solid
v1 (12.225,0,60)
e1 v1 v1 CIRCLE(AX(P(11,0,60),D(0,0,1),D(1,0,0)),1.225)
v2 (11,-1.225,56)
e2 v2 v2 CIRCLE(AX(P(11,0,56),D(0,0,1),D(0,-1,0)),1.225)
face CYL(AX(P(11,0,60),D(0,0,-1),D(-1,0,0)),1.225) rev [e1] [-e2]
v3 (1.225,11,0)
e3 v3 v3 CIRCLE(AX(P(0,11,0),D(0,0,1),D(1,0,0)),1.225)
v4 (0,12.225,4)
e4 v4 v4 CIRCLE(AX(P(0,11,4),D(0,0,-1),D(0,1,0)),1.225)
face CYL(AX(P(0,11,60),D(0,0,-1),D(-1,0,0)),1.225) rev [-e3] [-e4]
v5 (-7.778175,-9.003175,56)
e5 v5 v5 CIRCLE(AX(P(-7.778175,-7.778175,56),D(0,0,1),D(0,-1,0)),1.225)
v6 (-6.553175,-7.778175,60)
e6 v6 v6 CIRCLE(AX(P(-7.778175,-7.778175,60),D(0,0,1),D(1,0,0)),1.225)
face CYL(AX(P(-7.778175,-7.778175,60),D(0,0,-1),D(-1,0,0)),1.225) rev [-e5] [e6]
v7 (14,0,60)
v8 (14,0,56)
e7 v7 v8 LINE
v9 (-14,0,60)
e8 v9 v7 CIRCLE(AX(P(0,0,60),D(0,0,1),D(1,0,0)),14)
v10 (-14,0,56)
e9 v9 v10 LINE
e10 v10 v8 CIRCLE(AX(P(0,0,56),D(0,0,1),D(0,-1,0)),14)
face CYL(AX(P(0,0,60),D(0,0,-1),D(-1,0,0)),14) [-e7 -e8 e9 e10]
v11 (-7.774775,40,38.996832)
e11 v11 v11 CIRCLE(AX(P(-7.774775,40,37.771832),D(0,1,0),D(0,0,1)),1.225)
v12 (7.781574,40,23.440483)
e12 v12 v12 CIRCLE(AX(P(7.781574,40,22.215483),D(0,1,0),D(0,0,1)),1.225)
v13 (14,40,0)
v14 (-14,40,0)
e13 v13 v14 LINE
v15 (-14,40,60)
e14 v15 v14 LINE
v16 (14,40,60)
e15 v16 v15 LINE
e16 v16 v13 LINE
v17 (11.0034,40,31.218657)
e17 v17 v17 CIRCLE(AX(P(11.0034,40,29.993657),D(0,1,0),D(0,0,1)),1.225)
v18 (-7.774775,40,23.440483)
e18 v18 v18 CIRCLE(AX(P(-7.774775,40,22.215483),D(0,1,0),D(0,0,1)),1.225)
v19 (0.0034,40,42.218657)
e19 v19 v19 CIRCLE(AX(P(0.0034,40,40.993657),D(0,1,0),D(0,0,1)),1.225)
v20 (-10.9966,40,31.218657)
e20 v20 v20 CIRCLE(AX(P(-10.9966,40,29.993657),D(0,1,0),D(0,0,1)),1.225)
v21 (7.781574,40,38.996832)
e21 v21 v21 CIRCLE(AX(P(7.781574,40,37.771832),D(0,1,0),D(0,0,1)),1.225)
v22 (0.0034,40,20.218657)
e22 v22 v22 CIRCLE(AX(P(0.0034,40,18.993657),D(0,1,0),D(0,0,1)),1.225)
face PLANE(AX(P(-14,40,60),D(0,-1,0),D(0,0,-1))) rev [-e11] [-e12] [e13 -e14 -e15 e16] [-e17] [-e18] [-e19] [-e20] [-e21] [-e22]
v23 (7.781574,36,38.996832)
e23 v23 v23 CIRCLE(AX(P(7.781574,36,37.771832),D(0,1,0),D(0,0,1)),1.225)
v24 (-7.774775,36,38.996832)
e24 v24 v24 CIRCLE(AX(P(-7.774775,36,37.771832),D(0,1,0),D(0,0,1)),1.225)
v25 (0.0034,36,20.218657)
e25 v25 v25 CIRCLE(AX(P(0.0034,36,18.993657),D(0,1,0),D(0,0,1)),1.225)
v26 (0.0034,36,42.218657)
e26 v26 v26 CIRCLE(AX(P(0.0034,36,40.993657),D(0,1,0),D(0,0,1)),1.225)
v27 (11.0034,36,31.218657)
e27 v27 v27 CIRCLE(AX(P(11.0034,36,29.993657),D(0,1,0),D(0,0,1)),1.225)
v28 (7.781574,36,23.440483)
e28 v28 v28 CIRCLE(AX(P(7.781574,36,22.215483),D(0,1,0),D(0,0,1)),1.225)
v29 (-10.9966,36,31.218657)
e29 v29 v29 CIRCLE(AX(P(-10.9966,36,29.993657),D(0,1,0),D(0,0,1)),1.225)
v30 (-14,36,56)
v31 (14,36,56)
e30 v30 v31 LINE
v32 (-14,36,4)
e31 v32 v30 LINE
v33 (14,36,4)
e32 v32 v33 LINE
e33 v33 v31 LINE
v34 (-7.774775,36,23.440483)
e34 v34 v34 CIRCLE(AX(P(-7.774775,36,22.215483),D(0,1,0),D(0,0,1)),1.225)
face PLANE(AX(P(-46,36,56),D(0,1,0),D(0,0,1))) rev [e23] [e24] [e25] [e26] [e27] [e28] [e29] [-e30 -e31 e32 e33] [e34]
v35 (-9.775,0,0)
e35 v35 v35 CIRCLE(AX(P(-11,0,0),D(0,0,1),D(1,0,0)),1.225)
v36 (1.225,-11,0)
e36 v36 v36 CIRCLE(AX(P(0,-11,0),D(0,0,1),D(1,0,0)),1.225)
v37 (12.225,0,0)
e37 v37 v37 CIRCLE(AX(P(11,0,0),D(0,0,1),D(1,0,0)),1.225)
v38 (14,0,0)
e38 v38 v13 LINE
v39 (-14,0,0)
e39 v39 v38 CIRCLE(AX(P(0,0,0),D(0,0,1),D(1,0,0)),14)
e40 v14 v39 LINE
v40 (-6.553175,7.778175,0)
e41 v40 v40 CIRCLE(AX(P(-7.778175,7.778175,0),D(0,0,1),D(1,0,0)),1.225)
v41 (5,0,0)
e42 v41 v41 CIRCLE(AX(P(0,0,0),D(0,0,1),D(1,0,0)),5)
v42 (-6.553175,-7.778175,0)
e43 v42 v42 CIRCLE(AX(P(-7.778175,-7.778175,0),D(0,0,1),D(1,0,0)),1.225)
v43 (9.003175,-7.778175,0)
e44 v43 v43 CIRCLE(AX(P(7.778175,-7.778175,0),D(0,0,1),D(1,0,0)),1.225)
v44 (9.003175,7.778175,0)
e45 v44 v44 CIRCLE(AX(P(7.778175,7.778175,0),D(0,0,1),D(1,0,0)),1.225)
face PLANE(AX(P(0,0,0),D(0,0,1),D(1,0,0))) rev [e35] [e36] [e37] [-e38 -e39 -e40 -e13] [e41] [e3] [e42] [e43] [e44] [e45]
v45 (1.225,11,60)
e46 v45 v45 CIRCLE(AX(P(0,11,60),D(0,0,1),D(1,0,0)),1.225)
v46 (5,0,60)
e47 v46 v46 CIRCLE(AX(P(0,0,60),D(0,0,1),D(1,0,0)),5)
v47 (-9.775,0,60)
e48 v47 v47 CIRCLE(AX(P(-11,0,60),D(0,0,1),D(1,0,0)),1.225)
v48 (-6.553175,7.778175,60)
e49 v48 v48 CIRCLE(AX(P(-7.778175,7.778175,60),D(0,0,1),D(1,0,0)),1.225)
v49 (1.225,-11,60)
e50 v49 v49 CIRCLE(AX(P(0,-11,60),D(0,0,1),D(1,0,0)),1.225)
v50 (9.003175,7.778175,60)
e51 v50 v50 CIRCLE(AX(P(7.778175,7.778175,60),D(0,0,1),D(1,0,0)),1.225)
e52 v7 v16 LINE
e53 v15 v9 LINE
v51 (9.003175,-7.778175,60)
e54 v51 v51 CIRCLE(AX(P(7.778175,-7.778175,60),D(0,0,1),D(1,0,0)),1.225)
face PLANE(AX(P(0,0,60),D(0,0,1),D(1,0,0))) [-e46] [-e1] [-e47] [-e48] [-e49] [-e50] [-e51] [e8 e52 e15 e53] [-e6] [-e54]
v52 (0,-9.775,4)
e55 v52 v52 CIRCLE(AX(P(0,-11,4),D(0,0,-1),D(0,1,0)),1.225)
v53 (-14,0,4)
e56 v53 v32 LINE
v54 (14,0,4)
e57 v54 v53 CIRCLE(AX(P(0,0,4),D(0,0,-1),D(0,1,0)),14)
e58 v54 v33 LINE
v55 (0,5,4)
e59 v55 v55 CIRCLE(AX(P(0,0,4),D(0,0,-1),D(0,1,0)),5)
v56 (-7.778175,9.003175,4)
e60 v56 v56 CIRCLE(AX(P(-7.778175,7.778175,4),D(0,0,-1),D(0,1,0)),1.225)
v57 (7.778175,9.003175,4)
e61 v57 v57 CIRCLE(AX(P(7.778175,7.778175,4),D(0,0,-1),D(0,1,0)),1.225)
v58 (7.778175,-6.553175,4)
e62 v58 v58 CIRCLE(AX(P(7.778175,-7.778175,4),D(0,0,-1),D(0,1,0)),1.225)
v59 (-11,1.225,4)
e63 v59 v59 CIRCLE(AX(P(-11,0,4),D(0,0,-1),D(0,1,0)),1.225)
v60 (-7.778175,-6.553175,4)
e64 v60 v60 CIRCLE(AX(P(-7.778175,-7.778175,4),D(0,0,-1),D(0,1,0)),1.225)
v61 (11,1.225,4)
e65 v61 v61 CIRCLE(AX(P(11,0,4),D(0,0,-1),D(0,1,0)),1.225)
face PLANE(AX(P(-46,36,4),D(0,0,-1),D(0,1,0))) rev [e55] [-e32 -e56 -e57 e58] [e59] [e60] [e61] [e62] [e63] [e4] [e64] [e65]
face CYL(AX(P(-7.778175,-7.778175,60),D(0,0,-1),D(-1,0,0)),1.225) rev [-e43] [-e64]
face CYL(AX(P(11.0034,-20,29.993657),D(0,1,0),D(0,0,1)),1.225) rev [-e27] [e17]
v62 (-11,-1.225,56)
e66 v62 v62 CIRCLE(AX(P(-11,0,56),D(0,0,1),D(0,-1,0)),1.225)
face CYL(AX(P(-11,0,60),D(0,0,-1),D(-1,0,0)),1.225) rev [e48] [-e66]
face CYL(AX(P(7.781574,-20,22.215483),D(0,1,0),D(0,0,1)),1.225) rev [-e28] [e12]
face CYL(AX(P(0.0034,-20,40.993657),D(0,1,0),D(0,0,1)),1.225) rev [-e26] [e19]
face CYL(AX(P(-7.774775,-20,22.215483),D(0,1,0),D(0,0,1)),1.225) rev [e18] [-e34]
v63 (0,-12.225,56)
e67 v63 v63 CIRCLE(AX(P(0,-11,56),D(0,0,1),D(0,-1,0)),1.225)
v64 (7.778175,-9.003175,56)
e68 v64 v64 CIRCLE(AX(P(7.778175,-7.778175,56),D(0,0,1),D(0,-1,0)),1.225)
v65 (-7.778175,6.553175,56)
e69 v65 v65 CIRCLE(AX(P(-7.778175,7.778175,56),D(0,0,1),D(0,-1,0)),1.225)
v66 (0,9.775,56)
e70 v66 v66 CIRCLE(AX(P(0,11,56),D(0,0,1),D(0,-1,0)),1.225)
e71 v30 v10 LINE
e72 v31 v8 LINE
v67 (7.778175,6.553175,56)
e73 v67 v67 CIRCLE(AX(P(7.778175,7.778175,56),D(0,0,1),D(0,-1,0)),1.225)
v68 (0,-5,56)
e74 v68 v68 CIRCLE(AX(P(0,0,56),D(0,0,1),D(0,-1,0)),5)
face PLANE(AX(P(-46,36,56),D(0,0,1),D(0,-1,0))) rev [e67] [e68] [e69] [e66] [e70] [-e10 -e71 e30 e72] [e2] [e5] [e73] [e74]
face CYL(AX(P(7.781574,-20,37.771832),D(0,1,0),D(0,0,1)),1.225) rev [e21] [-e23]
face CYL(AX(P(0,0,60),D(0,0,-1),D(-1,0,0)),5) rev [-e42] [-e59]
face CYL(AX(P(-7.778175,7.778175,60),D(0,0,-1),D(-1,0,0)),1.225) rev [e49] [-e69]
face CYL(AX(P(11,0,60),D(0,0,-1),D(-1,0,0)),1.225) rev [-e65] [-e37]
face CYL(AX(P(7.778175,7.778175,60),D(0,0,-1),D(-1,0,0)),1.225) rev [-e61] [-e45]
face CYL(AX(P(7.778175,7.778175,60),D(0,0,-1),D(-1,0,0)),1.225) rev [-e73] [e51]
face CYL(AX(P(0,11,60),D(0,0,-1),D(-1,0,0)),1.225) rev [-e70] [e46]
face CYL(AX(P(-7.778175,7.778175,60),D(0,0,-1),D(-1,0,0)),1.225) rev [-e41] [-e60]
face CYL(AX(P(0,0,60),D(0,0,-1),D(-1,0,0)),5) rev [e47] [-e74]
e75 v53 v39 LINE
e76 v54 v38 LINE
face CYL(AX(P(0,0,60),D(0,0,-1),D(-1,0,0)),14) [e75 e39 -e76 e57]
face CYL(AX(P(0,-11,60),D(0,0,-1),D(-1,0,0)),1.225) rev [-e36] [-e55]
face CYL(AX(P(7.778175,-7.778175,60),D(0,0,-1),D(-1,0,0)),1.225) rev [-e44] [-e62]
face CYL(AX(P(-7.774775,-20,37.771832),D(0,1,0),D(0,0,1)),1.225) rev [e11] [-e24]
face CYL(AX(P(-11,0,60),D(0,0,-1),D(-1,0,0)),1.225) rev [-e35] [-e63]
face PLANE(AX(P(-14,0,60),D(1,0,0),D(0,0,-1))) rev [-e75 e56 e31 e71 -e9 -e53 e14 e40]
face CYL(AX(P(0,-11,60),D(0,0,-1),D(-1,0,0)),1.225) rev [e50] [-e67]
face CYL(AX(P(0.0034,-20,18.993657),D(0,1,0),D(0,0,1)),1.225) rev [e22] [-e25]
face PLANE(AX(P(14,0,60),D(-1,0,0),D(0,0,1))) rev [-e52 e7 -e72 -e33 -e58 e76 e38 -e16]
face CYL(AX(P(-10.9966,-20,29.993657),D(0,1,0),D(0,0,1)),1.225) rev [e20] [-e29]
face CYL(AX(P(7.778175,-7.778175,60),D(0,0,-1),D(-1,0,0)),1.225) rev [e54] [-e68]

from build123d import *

# Parameters (mm, degrees)
SKETCH_2_R          = 5
SKETCH_2_R_2        = 1.225
EXTRUDE_1_DEPTH     = 60
SKETCH_9_W          = 52
SKETCH_9_H          = 50
CUT_EXTRUDE_1_DEPTH = 60
SKETCH_10_R         = 1.225
CUT_EXTRUDE_2_DEPTH = 60


with BuildPart() as part:
    # 스케치2 → 보스-돌출1 (new body)
    with BuildSketch(Plane.XY):
        with BuildLine():
            Line((-14, 0), (-14, 40))
            Line((-14, 40), (14, 40))
            Line((14, 40), (14, 0))
            ThreePointArc((14, 0), (0, -14), (-14, 0))
        make_face()
        Circle(SKETCH_2_R, mode=Mode.SUBTRACT)
        with Locations((0, 11)):
            Circle(SKETCH_2_R_2, mode=Mode.SUBTRACT)
        with Locations((7.778174593, 7.778174593)):
            Circle(SKETCH_2_R_2, mode=Mode.SUBTRACT)
        with Locations((11, 0)):
            Circle(SKETCH_2_R_2, mode=Mode.SUBTRACT)
        with Locations((7.778174593, -7.778174593)):
            Circle(SKETCH_2_R_2, mode=Mode.SUBTRACT)
        with Locations((0, -11)):
            Circle(SKETCH_2_R_2, mode=Mode.SUBTRACT)
        with Locations((-7.778174593, -7.778174593)):
            Circle(SKETCH_2_R_2, mode=Mode.SUBTRACT)
        with Locations((-11, 0)):
            Circle(SKETCH_2_R_2, mode=Mode.SUBTRACT)
        with Locations((-7.778174593, 7.778174593)):
            Circle(SKETCH_2_R_2, mode=Mode.SUBTRACT)
    extrude(amount=EXTRUDE_1_DEPTH)

    # 스케치9 → 컷-돌출1 (cut)
    with BuildSketch(Plane(origin=(14, 0, 0), x_dir=(0, 0, -1), z_dir=(1, 0, 0))):
        with Locations((-30, 11)):
            Rectangle(SKETCH_9_W, SKETCH_9_H)
    extrude(amount=-CUT_EXTRUDE_1_DEPTH, mode=Mode.SUBTRACT)

    # 스케치10 → 컷-돌출2 (cut)
    with BuildSketch(Plane(origin=(0, 40, 0), x_dir=(1, 0, 0), z_dir=(0, 1, 0))):
        with Locations(Location((-7.774774878, -22.215482705, 0), (0, 0, 270))):
            Circle(SKETCH_10_R)
        with Locations(Location((0.003399715, -18.993657298, 0), (0, 0, 270))):
            Circle(SKETCH_10_R)
        with Locations(Location((7.781574308, -22.215482705, 0), (0, 0, 270))):
            Circle(SKETCH_10_R)
        with Locations(Location((11.003399715, -29.993657298, 0), (0, 0, 270))):
            Circle(SKETCH_10_R)
        with Locations(Location((7.781574308, -37.771831891, 0), (0, 0, 270))):
            Circle(SKETCH_10_R)
        with Locations(Location((0.003399715, -40.993657298, 0), (0, 0, 270))):
            Circle(SKETCH_10_R)
        with Locations(Location((-7.774774878, -37.771831891, 0), (0, 0, 270))):
            Circle(SKETCH_10_R)
        with Locations(Location((-10.996600285, -29.993657298, 0), (0, 0, 270))):
            Circle(SKETCH_10_R)
    extrude(amount=-CUT_EXTRUDE_2_DEPTH, mode=Mode.SUBTRACT)


solid = part.part
